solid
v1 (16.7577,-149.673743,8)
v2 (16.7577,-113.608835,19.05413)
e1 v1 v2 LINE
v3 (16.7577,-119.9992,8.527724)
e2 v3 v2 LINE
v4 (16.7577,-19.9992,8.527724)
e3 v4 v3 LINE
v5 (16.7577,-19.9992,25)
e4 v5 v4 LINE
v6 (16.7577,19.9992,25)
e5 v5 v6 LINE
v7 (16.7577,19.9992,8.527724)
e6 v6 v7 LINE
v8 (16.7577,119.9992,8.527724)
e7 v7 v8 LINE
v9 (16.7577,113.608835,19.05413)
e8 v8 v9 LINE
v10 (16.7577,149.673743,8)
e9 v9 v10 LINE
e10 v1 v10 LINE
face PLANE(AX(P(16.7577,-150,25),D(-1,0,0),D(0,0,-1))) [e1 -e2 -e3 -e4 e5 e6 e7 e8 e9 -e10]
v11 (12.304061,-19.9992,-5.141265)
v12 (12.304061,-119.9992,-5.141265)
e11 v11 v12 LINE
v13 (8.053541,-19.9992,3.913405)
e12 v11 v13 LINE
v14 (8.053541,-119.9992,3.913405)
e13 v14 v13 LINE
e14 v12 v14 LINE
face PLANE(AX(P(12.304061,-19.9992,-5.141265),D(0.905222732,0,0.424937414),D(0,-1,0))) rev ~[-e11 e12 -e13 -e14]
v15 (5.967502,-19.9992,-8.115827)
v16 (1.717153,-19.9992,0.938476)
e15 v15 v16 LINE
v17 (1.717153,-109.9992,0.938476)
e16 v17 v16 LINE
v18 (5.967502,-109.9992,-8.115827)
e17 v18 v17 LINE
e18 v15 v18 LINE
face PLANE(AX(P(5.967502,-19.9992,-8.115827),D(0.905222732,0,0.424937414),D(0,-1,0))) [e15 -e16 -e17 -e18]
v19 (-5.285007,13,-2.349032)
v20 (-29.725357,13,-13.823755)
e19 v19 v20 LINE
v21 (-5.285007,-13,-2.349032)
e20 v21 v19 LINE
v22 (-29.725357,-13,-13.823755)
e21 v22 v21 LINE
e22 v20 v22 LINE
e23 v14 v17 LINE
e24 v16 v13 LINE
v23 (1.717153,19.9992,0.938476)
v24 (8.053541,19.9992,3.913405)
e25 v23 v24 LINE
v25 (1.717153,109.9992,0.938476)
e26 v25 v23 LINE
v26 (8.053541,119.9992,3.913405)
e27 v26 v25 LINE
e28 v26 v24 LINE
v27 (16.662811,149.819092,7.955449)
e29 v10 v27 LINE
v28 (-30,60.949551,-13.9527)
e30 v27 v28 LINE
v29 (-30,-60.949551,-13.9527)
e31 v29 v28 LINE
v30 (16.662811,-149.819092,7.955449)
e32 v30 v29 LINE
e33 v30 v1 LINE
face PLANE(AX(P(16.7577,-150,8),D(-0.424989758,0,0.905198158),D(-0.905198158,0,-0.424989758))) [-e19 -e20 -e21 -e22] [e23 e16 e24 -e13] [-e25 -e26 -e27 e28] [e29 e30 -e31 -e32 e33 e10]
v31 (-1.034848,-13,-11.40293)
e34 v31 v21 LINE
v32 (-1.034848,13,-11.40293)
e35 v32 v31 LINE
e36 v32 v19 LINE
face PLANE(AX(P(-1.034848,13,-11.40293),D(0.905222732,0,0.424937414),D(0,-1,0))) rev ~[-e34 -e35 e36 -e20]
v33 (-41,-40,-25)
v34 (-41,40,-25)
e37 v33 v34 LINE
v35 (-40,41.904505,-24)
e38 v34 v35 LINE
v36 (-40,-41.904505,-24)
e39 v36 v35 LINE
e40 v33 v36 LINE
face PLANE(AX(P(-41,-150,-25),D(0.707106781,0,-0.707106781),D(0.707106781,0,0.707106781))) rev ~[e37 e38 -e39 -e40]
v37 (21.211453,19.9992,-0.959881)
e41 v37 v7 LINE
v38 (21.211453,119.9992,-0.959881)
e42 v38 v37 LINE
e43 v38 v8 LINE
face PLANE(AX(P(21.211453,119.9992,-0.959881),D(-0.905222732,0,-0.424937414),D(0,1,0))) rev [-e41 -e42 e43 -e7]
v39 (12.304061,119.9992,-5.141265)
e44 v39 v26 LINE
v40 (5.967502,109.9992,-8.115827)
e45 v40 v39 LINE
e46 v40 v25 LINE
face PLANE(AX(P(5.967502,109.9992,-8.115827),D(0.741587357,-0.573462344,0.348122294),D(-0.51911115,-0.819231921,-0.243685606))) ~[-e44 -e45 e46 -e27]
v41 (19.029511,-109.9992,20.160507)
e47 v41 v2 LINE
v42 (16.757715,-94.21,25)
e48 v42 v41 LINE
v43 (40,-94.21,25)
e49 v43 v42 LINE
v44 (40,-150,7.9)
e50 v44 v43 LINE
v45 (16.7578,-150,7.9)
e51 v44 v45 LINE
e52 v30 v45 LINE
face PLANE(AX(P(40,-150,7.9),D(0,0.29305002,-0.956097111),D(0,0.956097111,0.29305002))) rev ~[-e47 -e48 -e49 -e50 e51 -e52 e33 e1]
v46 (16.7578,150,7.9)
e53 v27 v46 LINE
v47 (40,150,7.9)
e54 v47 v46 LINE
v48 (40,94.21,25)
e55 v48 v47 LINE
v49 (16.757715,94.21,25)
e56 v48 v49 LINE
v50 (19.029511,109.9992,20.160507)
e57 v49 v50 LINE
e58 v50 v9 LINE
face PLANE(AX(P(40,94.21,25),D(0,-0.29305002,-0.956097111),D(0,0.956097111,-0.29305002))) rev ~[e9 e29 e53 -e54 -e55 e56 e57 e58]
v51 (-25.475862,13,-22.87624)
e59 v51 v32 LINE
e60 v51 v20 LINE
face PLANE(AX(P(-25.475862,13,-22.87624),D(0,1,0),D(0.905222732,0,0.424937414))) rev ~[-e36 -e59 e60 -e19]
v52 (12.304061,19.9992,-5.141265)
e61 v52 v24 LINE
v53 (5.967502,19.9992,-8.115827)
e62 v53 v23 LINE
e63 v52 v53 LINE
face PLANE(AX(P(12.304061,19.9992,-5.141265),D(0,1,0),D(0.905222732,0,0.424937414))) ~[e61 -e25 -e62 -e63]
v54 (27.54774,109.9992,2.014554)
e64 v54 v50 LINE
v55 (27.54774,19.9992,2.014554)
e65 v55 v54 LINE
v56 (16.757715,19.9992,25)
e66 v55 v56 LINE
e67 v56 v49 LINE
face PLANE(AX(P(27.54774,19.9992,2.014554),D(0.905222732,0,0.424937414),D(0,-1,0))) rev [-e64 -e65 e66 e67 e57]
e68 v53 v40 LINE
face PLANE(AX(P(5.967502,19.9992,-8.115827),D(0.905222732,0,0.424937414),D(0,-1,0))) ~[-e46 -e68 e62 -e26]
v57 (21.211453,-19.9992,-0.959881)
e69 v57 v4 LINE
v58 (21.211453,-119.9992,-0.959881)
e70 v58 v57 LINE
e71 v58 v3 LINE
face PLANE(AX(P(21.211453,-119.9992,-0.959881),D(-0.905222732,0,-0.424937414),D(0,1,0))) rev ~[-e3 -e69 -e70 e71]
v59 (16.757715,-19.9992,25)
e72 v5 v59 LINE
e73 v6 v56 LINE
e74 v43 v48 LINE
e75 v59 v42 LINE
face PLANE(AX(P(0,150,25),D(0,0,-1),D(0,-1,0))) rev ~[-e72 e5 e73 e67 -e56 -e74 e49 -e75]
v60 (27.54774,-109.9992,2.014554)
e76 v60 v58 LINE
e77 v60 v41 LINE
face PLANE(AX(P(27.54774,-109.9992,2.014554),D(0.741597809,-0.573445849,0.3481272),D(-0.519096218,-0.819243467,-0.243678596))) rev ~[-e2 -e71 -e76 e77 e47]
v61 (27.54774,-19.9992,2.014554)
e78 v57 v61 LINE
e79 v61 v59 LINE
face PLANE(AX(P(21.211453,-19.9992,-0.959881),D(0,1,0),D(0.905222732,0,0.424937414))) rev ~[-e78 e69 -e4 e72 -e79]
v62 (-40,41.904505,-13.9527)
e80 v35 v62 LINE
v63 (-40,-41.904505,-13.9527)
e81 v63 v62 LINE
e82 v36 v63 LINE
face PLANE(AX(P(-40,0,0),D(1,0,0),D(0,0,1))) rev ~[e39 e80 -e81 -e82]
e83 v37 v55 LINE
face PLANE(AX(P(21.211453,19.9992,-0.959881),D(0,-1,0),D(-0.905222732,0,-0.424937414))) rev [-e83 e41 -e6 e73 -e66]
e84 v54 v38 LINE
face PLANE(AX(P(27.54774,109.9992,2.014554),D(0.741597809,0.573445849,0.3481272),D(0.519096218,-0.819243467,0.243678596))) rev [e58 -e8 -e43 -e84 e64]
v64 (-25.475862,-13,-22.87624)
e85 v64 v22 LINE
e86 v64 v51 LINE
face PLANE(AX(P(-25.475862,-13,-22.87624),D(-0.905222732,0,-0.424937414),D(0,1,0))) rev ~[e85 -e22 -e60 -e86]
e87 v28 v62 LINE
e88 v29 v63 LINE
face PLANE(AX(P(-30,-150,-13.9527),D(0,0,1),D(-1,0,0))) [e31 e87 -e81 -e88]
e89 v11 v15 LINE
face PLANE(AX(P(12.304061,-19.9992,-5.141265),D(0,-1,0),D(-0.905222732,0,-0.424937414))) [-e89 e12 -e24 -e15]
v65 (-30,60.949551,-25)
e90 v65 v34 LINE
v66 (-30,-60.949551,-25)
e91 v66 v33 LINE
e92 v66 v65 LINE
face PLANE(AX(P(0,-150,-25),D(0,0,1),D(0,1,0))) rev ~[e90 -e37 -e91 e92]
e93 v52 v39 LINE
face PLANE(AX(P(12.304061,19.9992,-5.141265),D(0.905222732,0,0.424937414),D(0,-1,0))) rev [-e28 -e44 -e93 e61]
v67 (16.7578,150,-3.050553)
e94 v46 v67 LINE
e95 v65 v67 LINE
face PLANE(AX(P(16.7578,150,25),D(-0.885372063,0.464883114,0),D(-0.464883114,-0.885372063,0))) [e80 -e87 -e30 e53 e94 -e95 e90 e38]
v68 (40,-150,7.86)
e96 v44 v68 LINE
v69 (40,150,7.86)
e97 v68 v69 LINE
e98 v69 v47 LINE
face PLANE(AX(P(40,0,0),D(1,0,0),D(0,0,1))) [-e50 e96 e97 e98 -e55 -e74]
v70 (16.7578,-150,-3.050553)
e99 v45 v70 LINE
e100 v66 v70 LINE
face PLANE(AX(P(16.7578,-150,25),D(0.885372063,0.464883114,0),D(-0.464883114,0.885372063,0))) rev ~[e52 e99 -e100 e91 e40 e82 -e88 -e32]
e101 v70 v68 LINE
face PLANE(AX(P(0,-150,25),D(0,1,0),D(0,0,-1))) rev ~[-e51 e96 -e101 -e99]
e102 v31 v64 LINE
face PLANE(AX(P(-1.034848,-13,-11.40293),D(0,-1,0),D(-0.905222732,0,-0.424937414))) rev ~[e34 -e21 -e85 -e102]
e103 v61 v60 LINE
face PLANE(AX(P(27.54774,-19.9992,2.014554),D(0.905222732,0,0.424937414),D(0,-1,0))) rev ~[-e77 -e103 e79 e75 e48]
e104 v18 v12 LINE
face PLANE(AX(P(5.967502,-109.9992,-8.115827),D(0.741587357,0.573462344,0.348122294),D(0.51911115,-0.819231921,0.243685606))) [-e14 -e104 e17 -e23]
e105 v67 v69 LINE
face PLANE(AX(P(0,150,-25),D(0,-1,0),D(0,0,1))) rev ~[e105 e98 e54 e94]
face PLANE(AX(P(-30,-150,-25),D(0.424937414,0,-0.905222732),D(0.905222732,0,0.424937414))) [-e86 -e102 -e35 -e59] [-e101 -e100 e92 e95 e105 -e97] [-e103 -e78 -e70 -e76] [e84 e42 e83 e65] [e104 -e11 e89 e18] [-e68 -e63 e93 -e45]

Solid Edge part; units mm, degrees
sketch "Sketch1" plane through (0, 0, 0) normal (1, 0, 0) x (0, 1, 0)
  line L0 (-150, -25) -> (150, -25)
  line L1 (150, -25) -> (150, 25)
  line L2 (150, 25) -> (-150, 25)
  line L3 (-150, 25) -> (-150, -25)
  dimension "D1" = 300
  dimension "D2" = 50
extrude "Protrusion1" add sketch "Sketch1" along normal mid plane 80
sketch "Sketch2" plane through (40, 0, 0) normal (1, 0, 0) x (0, 1, 0)
  line L0 (-150, 7.9) -> (-94.21, 25)
  line L1 (-94.21, 25) -> (94.21, 25)
  line L2 (94.21, 25) -> (150, 7.9)
  dimension "D1" = 188.42
  dimension "D2" = 55.79
  dimension "D3" = 17.1
  dimension "D4" = 17.1
extrude "Cutout1" cut sketch "Sketch2" against normal through all material side at (40, -122.1197, 16.4978)
sketch "Sketch3" plane through (0, -150, -8.55) normal (0, -1, 0) x (1, 0, 0)
  line L0 (-30, -16.45) -> (40, 16.41)
  dimension "D1" = 70
  dimension "D2" = 10
  dimension "D3" = 32.86
extrude "Cutout2" cut sketch "Sketch3" against normal through all material side at (5.0212, -150, -8.6153)
sketch "Sketch4" plane through (0, -150, -8.55) normal (0, -1, 0) x (1, 0, 0)
  line L0 (16.7577, 33.55) -> (16.7577, 16.55)
  line L1 (16.7577, 16.55) -> (-30, -5.4027)
  line L2 (-30, -5.4027) -> (-40, -5.4027)
  dimension "D1" = 17
  dimension "D2" = 10
  dimension "D3" = 10
extrude "Cutout3" cut sketch "Sketch4" against normal through all material side at (16.7077, -150, 16.5)
sketch "Sketch5" plane through (0, -150, -8.55) normal (0, -1, 0) x (1, 0, 0)
  line L0 (-40, -16.45) -> (-41, -16.45)
  line L1 (-41, -16.45) -> (-40, -15.45)
  dimension "D1" = 1
  dimension "D2" = 1
extrude "Extrusionsausprägung_2" add sketch "Sketch5" against normal blind 300 material side at (-40.5, -150, -24.95)
sketch "Sketch6" plane through (28.3789, 0, 25) normal (0, 0, 1) x (0, -1, 0)
  line L0 (-150, -11.6211) -> (-40, -69.3789)
  line L1 (-40, -69.3789) -> (40, -69.3789)
  line L2 (150, -11.6211) -> (40, -69.3789)
  line L3 (150, 11.6211) -> (150, -11.6211)
  line L4 (-150, 11.6211) -> (150, 11.6211)
  line L5 (-150, 11.6211) -> (-150, -11.6211)
  dimension "D1" = 80
  dimension "D2" = 300
extrude "Cutout4" cut sketch "Sketch6" against normal through all flip side to cut
sketch "Sketch7" plane through (5, 0, -8.57) normal (0.4249, 0, -0.9052) x (0, 1, 0)
  line L0 (-109.9992, 24.9085) -> (-119.9992, 17.9088)
  line L1 (-119.9992, 17.9088) -> (-19.9992, 17.9088)
  line L2 (-19.9992, 17.9088) -> (-19.9992, 24.9085)
  line L3 (-19.9992, 24.9085) -> (-109.9992, 24.9085)
  line L4 (-19.9992, 8.0688) -> (-119.9992, 8.0688)
  line L5 (-109.9992, 1.0688) -> (-119.9992, 8.0688)
  line L6 (-19.9992, 1.0688) -> (-109.9992, 1.0688)
  line L7 (-19.9992, 8.0688) -> (-19.9992, 1.0688)
  dimension "D1" = 90
  dimension "D2" = 100
  dimension "D3" = 100
extrude "Cutout5" cut sketch "Sketch7" against normal through all
mirror "Mirror1" about plane through (0, 0, 0) normal (0, -1, 0) of "Cutout5"
sketch "Sketch8" plane through (5, 0, -8.57) normal (0.4249, 0, -0.9052) x (0, 1, 0)
  line L0 (-13, -33.6667) -> (13, -33.6667)
  line L1 (13, -33.6667) -> (13, -6.6667)
  line L2 (13, -6.6667) -> (-13, -6.6667)
  line L3 (-13, -6.6667) -> (-13, -33.6667)
  dimension "D1" = 26
  dimension "D2" = 27
extrude "Cutout7" cut sketch "Sketch8" against normal through all
extrude "Protrusion2" [suppressed]
